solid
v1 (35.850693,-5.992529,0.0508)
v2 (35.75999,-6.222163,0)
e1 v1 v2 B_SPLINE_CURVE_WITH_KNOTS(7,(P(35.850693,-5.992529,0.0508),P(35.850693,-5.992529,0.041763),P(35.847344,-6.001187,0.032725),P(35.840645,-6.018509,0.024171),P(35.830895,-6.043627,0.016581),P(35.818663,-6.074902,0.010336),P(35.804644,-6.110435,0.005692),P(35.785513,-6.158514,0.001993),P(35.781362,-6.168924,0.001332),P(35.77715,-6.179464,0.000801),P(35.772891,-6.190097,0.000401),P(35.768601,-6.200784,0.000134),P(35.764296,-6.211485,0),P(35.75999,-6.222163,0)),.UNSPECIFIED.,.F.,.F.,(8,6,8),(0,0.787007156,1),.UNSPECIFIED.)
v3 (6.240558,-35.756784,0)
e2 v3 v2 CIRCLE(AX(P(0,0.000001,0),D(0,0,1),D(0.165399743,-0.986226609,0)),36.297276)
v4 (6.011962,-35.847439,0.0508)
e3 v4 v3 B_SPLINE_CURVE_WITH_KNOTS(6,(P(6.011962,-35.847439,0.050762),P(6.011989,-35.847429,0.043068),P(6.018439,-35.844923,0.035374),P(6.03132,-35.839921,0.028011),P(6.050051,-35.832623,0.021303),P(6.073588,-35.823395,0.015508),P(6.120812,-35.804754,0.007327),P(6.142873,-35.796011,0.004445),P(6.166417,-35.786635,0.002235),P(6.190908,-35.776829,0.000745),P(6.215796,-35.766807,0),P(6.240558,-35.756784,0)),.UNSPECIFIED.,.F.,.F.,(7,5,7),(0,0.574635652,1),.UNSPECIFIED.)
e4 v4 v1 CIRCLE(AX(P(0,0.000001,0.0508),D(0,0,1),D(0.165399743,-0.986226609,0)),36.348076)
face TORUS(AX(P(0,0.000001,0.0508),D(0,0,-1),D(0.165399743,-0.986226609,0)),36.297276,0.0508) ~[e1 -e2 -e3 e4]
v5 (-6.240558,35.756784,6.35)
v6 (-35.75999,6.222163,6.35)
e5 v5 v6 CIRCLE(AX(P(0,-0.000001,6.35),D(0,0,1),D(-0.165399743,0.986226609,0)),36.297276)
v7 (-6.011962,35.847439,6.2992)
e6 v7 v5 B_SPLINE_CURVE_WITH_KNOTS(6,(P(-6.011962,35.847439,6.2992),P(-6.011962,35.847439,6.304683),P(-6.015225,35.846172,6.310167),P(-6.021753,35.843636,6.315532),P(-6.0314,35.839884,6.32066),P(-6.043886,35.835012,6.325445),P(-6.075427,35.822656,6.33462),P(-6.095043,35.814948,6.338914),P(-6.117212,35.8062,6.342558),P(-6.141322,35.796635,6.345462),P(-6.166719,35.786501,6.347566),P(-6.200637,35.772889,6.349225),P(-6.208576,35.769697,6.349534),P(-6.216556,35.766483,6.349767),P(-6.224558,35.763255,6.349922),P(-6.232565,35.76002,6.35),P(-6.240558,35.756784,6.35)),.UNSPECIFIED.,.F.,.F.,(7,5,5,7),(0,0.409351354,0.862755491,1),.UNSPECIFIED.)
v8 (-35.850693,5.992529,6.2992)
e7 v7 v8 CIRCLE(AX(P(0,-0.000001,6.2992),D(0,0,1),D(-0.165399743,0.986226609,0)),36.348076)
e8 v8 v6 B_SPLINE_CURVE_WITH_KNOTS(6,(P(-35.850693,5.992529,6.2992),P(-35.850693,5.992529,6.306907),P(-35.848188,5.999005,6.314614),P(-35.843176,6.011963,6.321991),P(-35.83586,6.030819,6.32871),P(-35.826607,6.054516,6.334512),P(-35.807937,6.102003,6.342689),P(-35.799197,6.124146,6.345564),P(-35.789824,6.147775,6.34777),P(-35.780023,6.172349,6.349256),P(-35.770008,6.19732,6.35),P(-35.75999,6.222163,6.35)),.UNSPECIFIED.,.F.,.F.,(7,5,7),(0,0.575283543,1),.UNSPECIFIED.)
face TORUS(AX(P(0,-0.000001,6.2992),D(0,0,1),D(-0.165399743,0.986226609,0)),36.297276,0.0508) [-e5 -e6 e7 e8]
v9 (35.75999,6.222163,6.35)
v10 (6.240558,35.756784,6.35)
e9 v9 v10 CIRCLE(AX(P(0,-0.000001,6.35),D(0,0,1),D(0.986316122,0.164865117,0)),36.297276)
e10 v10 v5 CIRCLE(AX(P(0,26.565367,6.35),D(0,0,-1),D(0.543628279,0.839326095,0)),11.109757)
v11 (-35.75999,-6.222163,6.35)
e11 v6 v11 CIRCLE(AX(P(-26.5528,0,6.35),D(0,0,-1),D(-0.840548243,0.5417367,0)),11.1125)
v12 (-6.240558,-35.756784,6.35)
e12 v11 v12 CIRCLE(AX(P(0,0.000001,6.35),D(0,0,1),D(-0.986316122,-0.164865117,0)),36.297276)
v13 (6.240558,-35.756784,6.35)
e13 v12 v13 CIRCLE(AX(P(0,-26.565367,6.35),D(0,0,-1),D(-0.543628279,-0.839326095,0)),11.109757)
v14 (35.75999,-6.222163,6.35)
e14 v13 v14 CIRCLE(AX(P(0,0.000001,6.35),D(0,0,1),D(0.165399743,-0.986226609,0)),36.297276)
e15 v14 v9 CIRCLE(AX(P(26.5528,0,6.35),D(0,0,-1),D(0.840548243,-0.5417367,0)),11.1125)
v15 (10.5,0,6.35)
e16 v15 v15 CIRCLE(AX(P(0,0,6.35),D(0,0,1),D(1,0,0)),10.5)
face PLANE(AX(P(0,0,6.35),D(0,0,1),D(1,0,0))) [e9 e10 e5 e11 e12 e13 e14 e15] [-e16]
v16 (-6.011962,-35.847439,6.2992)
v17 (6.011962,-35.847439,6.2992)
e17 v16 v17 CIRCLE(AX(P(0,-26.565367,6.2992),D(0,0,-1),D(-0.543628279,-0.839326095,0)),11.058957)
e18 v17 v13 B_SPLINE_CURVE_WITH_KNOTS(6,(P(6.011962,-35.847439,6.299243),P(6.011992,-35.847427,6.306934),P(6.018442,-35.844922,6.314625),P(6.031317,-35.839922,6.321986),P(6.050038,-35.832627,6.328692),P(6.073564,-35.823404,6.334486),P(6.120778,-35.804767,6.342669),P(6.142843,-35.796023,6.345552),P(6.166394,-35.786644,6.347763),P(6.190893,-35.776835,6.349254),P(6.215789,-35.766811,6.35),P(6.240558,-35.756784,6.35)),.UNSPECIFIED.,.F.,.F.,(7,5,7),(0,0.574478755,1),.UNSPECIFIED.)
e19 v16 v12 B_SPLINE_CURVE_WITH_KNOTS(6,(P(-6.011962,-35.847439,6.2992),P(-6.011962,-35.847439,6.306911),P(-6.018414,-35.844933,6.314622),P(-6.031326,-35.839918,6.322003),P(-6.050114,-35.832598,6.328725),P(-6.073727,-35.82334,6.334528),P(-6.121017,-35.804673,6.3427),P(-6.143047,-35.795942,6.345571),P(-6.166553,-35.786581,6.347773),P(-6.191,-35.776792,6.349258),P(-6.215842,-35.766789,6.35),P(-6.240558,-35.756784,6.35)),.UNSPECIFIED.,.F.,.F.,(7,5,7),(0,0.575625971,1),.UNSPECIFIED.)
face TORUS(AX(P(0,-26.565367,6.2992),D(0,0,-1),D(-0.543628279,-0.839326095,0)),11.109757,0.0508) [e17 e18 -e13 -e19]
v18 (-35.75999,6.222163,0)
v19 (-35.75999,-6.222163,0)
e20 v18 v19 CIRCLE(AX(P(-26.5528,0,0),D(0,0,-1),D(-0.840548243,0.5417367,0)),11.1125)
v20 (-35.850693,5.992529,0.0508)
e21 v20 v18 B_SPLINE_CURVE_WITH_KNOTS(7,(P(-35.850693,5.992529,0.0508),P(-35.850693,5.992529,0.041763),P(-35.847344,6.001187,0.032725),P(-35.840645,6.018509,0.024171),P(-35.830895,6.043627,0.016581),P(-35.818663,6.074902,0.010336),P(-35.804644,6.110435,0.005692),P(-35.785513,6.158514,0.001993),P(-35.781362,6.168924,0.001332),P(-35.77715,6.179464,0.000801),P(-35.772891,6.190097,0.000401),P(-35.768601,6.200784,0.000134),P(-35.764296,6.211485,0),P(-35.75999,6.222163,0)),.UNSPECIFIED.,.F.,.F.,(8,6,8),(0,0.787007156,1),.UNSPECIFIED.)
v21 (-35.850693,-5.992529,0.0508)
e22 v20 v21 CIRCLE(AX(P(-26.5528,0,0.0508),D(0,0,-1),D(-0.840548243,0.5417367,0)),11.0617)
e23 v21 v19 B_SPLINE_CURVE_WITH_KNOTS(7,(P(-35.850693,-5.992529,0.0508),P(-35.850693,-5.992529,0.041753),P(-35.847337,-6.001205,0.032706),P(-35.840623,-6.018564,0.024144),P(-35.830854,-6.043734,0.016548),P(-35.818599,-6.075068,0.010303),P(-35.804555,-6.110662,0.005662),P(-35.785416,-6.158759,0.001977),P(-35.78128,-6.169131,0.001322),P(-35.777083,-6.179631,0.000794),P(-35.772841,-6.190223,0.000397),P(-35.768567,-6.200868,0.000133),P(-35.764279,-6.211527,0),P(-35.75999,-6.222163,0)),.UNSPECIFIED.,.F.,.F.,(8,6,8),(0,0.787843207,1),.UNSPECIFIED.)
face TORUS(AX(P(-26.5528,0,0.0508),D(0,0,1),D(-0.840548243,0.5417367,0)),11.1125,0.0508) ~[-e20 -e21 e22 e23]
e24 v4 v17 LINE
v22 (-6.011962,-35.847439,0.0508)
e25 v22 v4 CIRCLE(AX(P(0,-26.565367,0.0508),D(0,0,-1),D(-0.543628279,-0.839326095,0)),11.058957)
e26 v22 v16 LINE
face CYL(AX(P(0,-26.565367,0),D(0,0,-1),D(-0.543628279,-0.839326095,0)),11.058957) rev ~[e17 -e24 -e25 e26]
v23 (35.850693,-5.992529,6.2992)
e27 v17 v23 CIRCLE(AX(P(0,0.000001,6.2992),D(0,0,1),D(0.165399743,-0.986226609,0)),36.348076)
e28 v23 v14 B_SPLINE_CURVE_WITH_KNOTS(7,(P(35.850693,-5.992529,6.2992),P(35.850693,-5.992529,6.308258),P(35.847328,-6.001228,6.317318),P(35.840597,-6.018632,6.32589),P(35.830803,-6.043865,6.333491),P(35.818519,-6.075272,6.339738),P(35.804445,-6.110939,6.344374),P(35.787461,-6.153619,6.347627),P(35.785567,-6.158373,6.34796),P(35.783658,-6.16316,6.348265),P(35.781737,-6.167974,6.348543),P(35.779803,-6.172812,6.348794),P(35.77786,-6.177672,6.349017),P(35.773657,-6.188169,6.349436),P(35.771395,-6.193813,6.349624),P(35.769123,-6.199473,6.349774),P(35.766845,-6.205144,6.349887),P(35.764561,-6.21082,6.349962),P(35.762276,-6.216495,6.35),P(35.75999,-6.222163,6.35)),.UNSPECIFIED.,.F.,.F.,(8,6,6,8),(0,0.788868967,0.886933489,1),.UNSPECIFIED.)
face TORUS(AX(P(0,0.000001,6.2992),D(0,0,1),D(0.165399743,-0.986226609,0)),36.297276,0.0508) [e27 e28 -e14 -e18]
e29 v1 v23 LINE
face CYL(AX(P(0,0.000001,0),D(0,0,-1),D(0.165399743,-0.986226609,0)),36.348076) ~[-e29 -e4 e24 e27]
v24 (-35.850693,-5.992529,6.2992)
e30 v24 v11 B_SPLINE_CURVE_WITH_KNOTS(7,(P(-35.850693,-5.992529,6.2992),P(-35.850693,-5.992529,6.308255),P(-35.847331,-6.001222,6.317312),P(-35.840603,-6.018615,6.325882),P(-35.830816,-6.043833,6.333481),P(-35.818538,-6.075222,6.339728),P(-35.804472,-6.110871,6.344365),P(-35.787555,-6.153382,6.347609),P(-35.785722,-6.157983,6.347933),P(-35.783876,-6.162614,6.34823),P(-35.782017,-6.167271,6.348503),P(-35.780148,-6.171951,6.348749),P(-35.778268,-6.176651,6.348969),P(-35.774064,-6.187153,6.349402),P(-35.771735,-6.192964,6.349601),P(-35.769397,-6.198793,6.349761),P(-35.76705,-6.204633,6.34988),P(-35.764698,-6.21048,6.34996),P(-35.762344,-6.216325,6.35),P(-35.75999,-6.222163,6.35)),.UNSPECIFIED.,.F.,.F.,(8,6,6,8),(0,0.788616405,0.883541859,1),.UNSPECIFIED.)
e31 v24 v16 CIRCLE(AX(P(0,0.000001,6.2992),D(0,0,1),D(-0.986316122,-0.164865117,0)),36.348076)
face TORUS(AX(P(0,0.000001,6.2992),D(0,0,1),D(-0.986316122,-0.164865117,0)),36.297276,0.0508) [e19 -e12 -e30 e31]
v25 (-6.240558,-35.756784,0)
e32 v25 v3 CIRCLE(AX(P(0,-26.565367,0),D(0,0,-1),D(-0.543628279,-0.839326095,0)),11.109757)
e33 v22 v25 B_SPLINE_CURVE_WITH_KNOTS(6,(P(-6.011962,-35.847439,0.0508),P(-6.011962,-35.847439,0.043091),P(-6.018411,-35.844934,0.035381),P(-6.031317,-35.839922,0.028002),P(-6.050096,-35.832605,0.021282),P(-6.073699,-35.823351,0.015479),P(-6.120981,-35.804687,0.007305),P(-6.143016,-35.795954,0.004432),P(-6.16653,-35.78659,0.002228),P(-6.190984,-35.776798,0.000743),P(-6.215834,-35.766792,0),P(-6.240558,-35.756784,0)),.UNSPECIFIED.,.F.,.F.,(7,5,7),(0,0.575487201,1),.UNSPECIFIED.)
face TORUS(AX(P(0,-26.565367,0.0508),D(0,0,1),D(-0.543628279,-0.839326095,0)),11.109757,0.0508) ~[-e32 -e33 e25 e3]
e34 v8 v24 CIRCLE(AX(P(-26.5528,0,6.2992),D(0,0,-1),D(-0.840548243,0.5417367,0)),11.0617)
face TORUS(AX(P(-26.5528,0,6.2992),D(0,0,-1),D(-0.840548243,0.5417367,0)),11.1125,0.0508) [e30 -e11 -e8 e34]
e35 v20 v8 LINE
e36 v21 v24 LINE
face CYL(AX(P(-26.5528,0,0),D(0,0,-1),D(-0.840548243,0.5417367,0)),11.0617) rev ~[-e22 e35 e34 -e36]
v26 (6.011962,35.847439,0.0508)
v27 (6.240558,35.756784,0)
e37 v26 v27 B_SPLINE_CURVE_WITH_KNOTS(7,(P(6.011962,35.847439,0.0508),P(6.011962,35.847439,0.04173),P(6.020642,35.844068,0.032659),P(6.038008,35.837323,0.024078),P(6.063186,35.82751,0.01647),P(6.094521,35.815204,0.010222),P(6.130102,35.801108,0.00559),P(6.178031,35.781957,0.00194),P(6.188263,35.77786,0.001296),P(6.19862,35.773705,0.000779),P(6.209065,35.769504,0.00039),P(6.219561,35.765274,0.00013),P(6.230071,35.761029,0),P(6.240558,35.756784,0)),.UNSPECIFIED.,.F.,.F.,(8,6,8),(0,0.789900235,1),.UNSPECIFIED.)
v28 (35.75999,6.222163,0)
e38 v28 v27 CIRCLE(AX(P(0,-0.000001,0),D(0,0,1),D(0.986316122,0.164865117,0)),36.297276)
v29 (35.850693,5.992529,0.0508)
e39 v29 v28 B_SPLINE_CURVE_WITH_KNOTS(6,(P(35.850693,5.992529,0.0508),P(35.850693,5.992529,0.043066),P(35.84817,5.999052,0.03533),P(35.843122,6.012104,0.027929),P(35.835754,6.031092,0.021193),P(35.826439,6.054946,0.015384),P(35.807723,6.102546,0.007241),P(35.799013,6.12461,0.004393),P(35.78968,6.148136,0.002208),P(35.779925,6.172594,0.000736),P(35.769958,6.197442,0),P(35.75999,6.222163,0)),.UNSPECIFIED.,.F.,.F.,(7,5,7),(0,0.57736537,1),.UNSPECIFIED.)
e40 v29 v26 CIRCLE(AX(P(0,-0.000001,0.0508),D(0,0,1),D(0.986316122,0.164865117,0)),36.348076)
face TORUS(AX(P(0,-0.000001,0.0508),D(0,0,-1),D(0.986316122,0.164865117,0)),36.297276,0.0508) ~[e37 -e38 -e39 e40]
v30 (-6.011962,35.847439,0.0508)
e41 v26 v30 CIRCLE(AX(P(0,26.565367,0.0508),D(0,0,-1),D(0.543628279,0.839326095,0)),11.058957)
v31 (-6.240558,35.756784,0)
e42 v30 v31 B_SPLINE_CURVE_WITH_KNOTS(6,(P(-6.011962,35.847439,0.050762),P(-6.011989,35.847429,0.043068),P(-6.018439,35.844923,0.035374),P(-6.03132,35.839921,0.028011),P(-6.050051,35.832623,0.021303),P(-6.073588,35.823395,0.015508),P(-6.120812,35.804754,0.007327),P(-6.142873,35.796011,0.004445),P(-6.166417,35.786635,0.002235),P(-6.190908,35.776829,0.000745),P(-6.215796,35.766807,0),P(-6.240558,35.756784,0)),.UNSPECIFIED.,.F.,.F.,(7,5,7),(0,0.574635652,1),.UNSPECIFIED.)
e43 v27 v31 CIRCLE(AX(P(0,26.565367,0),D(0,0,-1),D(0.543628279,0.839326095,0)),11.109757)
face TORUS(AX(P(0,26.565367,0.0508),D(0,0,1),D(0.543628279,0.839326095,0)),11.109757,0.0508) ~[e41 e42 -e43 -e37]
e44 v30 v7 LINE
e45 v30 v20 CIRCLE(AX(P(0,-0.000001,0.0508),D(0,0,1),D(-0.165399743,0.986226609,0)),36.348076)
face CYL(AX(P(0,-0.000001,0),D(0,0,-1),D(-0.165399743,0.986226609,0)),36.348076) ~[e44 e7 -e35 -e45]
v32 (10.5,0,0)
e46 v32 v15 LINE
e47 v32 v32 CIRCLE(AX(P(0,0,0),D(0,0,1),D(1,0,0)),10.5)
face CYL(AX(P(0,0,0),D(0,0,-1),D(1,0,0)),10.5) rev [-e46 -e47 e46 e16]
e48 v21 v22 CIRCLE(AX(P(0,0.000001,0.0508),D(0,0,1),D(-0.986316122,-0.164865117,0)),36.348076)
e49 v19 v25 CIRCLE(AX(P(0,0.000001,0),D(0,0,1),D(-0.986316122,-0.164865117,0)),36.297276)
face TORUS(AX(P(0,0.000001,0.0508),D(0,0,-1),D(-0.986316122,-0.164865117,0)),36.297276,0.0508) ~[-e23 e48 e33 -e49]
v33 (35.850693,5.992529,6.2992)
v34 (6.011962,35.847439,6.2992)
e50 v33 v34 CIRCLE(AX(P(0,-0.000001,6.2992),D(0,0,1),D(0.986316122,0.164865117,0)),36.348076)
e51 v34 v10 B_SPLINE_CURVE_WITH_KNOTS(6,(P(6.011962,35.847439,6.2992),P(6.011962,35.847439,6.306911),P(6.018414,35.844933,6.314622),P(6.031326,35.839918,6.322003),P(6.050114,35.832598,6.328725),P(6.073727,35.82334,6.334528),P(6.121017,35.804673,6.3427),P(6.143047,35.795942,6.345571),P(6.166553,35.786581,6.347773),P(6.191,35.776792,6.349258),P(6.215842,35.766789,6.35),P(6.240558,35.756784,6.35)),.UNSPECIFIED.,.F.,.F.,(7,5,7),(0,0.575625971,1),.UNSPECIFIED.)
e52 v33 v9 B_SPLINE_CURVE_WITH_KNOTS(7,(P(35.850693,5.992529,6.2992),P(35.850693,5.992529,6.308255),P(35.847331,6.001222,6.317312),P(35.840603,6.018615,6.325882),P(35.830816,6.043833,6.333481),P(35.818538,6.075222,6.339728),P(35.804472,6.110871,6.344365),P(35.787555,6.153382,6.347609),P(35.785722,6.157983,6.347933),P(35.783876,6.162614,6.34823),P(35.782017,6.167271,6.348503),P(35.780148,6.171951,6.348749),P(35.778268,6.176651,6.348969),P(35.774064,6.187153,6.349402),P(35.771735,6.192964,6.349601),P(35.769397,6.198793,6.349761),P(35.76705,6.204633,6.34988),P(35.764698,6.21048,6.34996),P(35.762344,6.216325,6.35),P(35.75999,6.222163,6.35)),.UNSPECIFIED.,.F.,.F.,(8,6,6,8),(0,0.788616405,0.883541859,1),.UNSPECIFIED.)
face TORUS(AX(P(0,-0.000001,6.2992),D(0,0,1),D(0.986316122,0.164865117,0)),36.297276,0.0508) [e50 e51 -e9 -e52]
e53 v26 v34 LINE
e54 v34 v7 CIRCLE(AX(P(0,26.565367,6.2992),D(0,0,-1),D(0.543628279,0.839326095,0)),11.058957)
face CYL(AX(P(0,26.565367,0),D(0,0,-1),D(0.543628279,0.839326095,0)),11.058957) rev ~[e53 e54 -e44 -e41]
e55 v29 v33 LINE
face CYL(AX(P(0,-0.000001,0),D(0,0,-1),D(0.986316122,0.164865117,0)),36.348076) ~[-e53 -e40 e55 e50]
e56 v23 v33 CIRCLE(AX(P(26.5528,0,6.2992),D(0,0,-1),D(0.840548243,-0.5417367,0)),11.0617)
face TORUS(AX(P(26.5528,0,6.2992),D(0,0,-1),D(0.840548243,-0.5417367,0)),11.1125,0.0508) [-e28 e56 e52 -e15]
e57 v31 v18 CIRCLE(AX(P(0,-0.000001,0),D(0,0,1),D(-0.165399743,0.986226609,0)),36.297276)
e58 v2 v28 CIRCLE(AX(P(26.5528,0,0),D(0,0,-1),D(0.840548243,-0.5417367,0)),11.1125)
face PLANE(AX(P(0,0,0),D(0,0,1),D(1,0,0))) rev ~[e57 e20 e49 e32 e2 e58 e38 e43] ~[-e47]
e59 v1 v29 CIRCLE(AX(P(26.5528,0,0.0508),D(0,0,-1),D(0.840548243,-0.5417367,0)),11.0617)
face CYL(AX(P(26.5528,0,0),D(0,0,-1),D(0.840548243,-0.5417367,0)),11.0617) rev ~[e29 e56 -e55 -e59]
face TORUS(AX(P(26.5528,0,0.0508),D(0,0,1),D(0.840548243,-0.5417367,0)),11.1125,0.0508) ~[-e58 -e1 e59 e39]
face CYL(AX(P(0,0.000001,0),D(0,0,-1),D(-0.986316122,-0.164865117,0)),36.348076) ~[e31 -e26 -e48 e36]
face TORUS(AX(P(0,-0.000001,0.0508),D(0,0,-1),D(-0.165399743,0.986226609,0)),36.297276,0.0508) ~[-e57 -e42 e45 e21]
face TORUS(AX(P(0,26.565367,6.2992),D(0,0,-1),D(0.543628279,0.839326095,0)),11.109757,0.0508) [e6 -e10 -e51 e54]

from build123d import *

# Parameters (mm, degrees)
F0_R     = 10.5
F1_DEPTH = 6.35
F2_R     = 0.0508


with BuildPart() as f1:
    # F0 (on Top) → F1 (new body)
    with BuildSketch(Plane.XY):
        with BuildLine():
            ThreePointArc((-35.850693, 5.992529), (-15.4911, 0), (-35.850693, -5.992529))
            ThreePointArc((-35.850693, -5.992529), (-25.708936, -25.695003), (-6.011962, -35.847439))
            ThreePointArc((-6.011962, -35.847439), (0, -15.50641), (6.011962, -35.847439))
            ThreePointArc((6.011962, -35.847439), (25.708936, -25.695003), (35.850693, -5.992529))
            ThreePointArc((35.850693, -5.992529), (15.4911, 0), (35.850693, 5.992529))
            ThreePointArc((35.850693, 5.992529), (25.708936, 25.695003), (6.011962, 35.847439))
            ThreePointArc((6.011962, 35.847439), (0, 15.50641), (-6.011962, 35.847439))
            ThreePointArc((-6.011962, 35.847439), (-25.708936, 25.695003), (-35.850693, 5.992529))
        make_face()
        Circle(F0_R, mode=Mode.SUBTRACT)
    extrude(amount=F1_DEPTH)

    # F2
    f2_edges = [f1.edges().sort_by_distance(p)[0] for p in [
        (-25.708936, 25.695003, 0),
        (25.708936, 25.695003, 0),
        (25.708936, -25.695003, 0),
        (0, -15.50641, 0),
        (15.4911, 0, 0),
        (0, 15.50641, 0),
        (-15.4911, 0, 0),
        (-25.708936, -25.695003, 0),
        (-25.708936, -25.695003, 6.35),
        (-25.708936, 25.695003, 6.35),
        (25.708936, 25.695003, 6.35),
        (15.4911, 0, 6.35),
        (0, 15.50641, 6.35),
        (-15.4911, 0, 6.35),
        (0, -15.50641, 6.35),
        (25.708936, -25.695003, 6.35),
    ]]
    fillet(f2_edges, radius=F2_R)


solid = f1.part
